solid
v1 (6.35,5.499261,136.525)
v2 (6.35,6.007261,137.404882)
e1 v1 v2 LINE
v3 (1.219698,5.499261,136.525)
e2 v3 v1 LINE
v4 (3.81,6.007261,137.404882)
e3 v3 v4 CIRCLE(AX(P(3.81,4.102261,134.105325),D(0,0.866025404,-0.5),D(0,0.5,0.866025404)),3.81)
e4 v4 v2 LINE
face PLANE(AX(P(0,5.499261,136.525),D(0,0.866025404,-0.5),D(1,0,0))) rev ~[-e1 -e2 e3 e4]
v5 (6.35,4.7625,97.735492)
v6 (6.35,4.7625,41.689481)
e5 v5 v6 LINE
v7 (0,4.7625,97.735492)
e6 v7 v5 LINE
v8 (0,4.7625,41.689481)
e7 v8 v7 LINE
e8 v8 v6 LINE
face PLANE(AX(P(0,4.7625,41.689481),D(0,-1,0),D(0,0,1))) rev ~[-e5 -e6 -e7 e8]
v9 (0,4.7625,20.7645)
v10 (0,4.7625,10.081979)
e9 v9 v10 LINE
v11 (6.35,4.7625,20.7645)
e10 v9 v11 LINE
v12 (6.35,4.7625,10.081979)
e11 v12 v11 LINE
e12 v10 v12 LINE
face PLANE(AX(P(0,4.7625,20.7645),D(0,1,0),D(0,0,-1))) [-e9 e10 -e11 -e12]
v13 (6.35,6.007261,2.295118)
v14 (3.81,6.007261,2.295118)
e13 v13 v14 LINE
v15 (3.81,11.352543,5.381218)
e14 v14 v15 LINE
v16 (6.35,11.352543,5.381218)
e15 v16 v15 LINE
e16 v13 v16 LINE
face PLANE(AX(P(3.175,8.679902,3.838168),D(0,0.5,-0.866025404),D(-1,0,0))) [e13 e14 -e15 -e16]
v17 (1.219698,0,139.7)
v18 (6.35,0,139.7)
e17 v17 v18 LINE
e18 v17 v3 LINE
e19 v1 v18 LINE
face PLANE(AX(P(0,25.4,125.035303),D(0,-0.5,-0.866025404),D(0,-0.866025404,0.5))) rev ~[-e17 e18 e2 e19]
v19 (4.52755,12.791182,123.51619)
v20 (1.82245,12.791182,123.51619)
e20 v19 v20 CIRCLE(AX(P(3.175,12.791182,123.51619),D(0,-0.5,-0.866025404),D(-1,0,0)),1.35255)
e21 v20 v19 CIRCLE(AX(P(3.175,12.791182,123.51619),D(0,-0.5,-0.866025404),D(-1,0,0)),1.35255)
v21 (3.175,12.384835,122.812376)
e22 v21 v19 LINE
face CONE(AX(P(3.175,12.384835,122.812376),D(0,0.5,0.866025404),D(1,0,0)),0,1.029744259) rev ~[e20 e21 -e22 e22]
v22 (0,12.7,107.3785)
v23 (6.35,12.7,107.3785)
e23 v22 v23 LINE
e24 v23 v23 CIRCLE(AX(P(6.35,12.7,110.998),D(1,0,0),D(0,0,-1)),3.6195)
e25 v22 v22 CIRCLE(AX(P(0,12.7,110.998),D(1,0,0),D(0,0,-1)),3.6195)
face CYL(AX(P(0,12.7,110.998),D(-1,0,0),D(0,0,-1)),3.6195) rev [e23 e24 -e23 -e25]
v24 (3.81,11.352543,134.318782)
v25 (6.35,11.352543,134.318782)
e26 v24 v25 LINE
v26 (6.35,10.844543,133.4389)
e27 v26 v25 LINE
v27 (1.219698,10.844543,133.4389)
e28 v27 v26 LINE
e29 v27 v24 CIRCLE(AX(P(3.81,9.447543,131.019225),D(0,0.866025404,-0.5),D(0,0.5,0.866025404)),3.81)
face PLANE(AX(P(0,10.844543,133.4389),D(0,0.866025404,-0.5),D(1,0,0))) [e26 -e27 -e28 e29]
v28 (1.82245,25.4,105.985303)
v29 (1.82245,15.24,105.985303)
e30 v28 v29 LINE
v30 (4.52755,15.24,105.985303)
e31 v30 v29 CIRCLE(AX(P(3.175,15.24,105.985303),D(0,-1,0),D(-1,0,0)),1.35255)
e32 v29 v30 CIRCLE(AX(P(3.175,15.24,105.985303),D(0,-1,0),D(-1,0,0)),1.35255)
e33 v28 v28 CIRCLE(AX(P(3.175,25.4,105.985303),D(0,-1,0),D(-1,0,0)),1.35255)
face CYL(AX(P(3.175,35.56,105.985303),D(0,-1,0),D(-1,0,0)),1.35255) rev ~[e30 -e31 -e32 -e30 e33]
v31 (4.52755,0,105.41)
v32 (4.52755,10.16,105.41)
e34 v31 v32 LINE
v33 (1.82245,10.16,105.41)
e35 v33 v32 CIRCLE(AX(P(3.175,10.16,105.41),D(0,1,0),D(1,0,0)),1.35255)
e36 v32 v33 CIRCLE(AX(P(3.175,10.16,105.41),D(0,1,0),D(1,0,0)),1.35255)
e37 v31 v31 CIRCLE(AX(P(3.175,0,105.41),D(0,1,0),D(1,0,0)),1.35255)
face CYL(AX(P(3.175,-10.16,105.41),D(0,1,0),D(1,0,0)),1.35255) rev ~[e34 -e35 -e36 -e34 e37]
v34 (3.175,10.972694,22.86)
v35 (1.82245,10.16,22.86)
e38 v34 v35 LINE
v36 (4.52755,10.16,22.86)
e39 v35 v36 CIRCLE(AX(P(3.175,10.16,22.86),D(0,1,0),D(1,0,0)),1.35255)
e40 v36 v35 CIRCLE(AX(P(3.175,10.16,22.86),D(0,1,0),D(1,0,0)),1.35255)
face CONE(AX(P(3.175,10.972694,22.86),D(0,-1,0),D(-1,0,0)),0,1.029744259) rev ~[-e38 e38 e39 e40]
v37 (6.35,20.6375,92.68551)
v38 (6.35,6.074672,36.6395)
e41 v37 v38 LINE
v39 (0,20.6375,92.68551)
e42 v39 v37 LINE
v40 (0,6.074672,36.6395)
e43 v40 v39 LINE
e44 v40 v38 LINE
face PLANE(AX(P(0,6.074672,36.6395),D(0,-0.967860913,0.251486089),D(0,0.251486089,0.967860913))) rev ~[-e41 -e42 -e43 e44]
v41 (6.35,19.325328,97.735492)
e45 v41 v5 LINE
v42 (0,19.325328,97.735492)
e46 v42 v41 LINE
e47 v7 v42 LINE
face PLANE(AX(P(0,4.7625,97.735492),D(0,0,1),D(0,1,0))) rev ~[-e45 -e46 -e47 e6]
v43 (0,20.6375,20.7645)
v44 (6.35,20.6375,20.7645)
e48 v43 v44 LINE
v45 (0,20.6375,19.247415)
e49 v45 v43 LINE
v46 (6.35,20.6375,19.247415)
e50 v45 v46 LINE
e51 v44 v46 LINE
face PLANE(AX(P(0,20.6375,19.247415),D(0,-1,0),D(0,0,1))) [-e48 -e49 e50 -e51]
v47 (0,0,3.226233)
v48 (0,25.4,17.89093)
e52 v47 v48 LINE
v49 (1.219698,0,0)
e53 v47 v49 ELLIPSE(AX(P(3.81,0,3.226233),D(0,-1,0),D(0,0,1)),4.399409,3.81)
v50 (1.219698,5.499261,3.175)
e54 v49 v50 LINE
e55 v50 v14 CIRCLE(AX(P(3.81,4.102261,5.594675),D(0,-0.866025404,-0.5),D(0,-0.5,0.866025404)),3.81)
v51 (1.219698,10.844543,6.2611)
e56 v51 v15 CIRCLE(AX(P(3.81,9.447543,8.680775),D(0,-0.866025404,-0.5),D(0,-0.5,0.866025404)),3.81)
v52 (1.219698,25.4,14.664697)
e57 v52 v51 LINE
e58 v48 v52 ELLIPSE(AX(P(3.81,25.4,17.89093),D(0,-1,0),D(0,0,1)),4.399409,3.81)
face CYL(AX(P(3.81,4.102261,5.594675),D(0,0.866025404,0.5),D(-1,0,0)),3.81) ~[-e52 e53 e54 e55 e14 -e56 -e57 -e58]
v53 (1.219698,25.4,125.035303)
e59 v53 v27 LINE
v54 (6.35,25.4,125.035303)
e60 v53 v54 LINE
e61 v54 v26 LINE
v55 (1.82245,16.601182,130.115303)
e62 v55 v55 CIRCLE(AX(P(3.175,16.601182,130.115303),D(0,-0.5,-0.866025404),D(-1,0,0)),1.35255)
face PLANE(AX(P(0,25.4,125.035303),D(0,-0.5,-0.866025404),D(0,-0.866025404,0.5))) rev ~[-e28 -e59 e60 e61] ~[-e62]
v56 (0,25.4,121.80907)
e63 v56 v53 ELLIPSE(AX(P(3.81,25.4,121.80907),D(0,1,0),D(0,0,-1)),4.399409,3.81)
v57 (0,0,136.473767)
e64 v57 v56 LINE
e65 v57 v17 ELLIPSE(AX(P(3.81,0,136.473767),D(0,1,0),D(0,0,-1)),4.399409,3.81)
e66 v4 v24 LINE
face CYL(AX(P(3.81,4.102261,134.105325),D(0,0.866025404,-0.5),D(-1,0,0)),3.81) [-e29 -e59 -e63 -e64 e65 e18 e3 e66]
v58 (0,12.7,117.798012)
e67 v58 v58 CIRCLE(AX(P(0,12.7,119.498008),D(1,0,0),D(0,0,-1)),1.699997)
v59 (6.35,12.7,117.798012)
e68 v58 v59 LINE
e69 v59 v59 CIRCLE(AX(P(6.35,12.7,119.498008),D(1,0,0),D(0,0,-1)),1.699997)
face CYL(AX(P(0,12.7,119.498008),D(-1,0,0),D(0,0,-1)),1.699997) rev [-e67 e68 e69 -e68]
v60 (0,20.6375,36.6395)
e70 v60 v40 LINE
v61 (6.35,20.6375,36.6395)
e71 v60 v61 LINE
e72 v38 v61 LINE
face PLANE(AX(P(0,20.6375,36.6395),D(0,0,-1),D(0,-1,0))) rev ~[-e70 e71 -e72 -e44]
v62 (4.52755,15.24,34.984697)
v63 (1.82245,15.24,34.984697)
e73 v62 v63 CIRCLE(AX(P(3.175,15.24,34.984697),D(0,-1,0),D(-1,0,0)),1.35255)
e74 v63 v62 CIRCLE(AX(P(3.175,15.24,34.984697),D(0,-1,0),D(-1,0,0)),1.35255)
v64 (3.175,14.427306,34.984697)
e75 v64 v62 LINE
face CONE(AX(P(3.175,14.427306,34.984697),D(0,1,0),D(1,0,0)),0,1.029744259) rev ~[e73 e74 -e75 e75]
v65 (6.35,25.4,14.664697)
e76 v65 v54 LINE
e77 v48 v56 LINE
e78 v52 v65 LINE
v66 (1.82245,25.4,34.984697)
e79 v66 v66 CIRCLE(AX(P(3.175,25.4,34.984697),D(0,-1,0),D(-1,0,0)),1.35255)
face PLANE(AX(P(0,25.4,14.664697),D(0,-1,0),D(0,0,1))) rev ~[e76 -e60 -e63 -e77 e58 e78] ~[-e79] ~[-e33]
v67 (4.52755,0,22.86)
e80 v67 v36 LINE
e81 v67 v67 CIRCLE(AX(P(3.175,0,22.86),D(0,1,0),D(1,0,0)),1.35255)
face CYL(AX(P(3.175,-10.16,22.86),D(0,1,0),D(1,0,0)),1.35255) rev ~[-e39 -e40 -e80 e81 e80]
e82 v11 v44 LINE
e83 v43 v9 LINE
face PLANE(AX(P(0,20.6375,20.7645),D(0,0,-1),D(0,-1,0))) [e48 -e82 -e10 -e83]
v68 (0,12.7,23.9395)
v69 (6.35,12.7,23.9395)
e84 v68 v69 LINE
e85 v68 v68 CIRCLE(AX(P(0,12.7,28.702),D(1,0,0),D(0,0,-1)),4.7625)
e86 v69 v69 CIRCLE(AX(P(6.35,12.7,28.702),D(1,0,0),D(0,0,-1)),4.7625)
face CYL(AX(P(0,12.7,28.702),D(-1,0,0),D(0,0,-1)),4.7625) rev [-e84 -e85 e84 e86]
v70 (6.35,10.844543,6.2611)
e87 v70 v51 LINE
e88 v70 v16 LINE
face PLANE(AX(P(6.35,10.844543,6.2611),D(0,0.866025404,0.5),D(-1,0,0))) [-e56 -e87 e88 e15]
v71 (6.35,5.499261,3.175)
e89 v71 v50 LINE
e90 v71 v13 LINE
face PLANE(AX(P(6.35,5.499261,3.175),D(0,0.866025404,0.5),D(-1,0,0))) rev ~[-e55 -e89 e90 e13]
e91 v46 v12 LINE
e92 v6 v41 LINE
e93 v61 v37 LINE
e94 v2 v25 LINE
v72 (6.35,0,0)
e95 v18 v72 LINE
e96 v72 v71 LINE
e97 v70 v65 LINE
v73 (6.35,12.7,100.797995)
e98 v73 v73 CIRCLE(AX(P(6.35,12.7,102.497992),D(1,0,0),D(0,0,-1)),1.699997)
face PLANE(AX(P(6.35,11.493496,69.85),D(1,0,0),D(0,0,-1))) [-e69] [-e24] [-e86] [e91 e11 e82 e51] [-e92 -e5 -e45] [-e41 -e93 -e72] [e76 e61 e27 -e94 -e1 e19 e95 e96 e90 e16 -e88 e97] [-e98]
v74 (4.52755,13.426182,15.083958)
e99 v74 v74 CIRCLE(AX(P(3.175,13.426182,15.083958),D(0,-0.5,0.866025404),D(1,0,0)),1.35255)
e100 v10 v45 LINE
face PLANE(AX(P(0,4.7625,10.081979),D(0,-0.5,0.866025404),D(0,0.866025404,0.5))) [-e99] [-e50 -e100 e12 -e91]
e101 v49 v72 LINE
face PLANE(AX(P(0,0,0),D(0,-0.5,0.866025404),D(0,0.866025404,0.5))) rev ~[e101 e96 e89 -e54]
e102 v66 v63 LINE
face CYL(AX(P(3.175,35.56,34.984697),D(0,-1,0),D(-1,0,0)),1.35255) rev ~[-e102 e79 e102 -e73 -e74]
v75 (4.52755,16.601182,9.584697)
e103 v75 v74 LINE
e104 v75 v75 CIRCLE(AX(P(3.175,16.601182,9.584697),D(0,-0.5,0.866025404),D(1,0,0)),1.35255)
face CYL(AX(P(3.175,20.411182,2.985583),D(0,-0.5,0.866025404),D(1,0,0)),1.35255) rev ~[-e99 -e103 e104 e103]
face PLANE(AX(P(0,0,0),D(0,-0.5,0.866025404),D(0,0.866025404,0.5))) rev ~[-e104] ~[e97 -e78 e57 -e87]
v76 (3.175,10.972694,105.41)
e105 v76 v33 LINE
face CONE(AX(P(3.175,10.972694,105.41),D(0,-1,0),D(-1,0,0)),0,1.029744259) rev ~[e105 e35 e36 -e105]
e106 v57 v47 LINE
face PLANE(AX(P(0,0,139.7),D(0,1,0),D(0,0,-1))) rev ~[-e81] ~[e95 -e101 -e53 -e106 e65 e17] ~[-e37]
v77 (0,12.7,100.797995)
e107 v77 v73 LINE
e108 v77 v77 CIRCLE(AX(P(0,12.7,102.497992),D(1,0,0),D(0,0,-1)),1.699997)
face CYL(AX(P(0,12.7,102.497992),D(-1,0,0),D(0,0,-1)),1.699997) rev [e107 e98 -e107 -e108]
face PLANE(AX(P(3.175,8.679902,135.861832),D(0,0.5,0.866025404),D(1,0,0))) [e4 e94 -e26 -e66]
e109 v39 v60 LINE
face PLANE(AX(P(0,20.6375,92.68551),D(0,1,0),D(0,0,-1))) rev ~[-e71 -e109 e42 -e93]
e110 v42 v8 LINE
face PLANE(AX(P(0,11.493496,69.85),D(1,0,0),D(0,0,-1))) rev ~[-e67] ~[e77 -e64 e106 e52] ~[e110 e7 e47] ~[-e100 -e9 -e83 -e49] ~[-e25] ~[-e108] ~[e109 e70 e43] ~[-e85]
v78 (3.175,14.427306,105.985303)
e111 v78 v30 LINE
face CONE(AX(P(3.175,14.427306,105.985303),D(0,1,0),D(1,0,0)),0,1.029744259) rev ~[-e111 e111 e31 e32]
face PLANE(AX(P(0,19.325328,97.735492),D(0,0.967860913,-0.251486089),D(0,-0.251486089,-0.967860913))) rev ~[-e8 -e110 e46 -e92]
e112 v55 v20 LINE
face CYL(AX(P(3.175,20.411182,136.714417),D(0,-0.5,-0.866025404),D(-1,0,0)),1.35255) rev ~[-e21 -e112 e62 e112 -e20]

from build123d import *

# Parameters (mm, degrees)
SKETCH1_R                     = 3.6195
SKETCH1_R_2                   = 4.7625
SKETCH1_R_3                   = 1.6999966
BOSS_EXTRUDE1_DEPTH           = 6.35
TAP_DRILL_FOR_6_32_TAP4_D     = 2.7051
TAP_DRILL_FOR_6_32_TAP4_DEPTH = 10.16
TAP_DRILL_FOR_6_32_TAP4_TIP   = 0.81269403
TAP_DRILL_FOR_6_32_TAP3_D     = 2.7051
TAP_DRILL_FOR_6_32_TAP3_DEPTH = 10.16
TAP_DRILL_FOR_6_32_TAP3_TIP   = 0.81269403
SKETCH11_W                    = 6.35
SKETCH11_H                    = 6.1722
BOSS_EXTRUDE2_DEPTH           = 1.016
SKETCH12_W                    = 6.35
SKETCH12_H                    = 6.1722
BOSS_EXTRUDE3_DEPTH           = 1.016
TAP_DRILL_FOR_6_32_TAP1_D     = 2.7051
TAP_DRILL_FOR_6_32_TAP1_DEPTH = 7.62
TAP_DRILL_FOR_6_32_TAP1_TIP   = 0.81269403
TAP_DRILL_FOR_6_32_TAP2_D     = 2.7051
TAP_DRILL_FOR_6_32_TAP2_DEPTH = 7.62
TAP_DRILL_FOR_6_32_TAP2_TIP   = 0.81269403
CUT_EXTRUDE1_DEPTH            = 143.132235964
FILLET1_R                     = 3.81


with BuildPart() as part:
    # Sketch1 → Boss-Extrude1 (new body)
    with BuildSketch(Plane(origin=(0, 0, 0), x_dir=(0, 0, -1), z_dir=(1, 0, 0))):
        Polygon((0, 0), (-14.664696837, 25.4), (-125.035303163, 25.4), (-139.7, 0), align=None)
        with Locations((-110.998, 12.7)):
            Circle(SKETCH1_R, mode=Mode.SUBTRACT)
        with Locations((-28.702, 12.7)):
            Circle(SKETCH1_R_2, mode=Mode.SUBTRACT)
        with Locations((-102.4979916, 12.7)):
            Circle(SKETCH1_R_3, mode=Mode.SUBTRACT)
        with Locations((-119.4980084, 12.7)):
            Circle(SKETCH1_R_3, mode=Mode.SUBTRACT)
    extrude(amount=BOSS_EXTRUDE1_DEPTH)

    # Tap Drill for #6-32 Tap4
    with Locations(Plane(origin=(0, 25.4, 0), x_dir=(1, 0, 0), z_dir=(0, 1, 0))):
        with Locations((3.175, -105.985303163), (3.175, -34.984696837)):
            Hole(TAP_DRILL_FOR_6_32_TAP4_D / 2, depth=TAP_DRILL_FOR_6_32_TAP4_DEPTH)
            with Locations((0, 0, -(TAP_DRILL_FOR_6_32_TAP4_DEPTH + TAP_DRILL_FOR_6_32_TAP4_TIP / 2))):  # 118° drill point
                Cone(0, TAP_DRILL_FOR_6_32_TAP4_D / 2, TAP_DRILL_FOR_6_32_TAP4_TIP, mode=Mode.SUBTRACT)

    # Tap Drill for #6-32 Tap3
    with Locations(Plane(origin=(0, 0, 0), x_dir=(-1, 0, 0), z_dir=(0, -1, 0))):
        with Locations((-3.175, -105.41), (-3.175, -22.86)):
            Hole(TAP_DRILL_FOR_6_32_TAP3_D / 2, depth=TAP_DRILL_FOR_6_32_TAP3_DEPTH)
            with Locations((0, 0, -(TAP_DRILL_FOR_6_32_TAP3_DEPTH + TAP_DRILL_FOR_6_32_TAP3_TIP / 2))):  # 118° drill point
                Cone(0, TAP_DRILL_FOR_6_32_TAP3_D / 2, TAP_DRILL_FOR_6_32_TAP3_TIP, mode=Mode.SUBTRACT)

    # Sketch11 → Boss-Extrude2 (add)
    with BuildSketch(Plane(origin=(0, 60.491874454, 104.775), x_dir=(1, 0, 0), z_dir=(0, 0.5000000000000037, 0.8660254037844365))):
        with Locations((3.175, -60.4139)):
            Rectangle(SKETCH11_W, SKETCH11_H)
    extrude(amount=BOSS_EXTRUDE2_DEPTH)

    # Sketch12 → Boss-Extrude3 (add)
    with BuildSketch(Plane(origin=(0, 0, 0), x_dir=(-1, 0, 0), z_dir=(0, 0.49999999999999806, -0.8660254037844398))):
        with Locations((-3.175, 9.4361)):
            Rectangle(SKETCH12_W, SKETCH12_H)
    extrude(amount=BOSS_EXTRUDE3_DEPTH)

    # Tap Drill for #6-32 Tap1
    with Locations(Plane(origin=(0, 60.491874454, 104.775), x_dir=(1, 0, 0), z_dir=(0, 0.5000000000000037, 0.8660254037844365))):
        with Locations((3.175, -50.680606325)):
            Hole(TAP_DRILL_FOR_6_32_TAP1_D / 2, depth=TAP_DRILL_FOR_6_32_TAP1_DEPTH)
            with Locations((0, 0, -(TAP_DRILL_FOR_6_32_TAP1_DEPTH + TAP_DRILL_FOR_6_32_TAP1_TIP / 2))):  # 118° drill point
                Cone(0, TAP_DRILL_FOR_6_32_TAP1_D / 2, TAP_DRILL_FOR_6_32_TAP1_TIP, mode=Mode.SUBTRACT)

    # Tap Drill for #6-32 Tap2
    with Locations(Plane(origin=(0, 0, 0), x_dir=(-1, 0, 0), z_dir=(0, 0.49999999999999806, -0.8660254037844398))):
        with Locations((-3.175, 19.169393675)):
            Hole(TAP_DRILL_FOR_6_32_TAP2_D / 2, depth=TAP_DRILL_FOR_6_32_TAP2_DEPTH)
            with Locations((0, 0, -(TAP_DRILL_FOR_6_32_TAP2_DEPTH + TAP_DRILL_FOR_6_32_TAP2_TIP / 2))):  # 118° drill point
                Cone(0, TAP_DRILL_FOR_6_32_TAP2_D / 2, TAP_DRILL_FOR_6_32_TAP2_TIP, mode=Mode.SUBTRACT)

    # Sketch19 → Cut-Extrude1 (cut, through all)
    with BuildSketch(Plane.ZY):
        Polygon((92.68551049, 20.6375), (36.6395, 20.6375), (36.6395, 6.07467201), align=None)
        Polygon((97.7354916, 4.7625), (97.7354916, 19.32532799), (41.68948111, 4.7625), align=None)
        Polygon((20.7645, 20.6375), (20.7645, 4.7625), (10.081979076, 4.7625), (19.247414599, 20.6375), align=None)
    extrude(amount=-CUT_EXTRUDE1_DEPTH, mode=Mode.SUBTRACT)

    # Fillet1
    fillet1_edges = [part.edges().sort_by_distance(p)[0] for p in [
        (0, 8.679902313, 135.86183181),
        (0, 8.679902313, 3.83816819),
    ]]
    fillet(fillet1_edges, radius=FILLET1_R)


solid = part.part
